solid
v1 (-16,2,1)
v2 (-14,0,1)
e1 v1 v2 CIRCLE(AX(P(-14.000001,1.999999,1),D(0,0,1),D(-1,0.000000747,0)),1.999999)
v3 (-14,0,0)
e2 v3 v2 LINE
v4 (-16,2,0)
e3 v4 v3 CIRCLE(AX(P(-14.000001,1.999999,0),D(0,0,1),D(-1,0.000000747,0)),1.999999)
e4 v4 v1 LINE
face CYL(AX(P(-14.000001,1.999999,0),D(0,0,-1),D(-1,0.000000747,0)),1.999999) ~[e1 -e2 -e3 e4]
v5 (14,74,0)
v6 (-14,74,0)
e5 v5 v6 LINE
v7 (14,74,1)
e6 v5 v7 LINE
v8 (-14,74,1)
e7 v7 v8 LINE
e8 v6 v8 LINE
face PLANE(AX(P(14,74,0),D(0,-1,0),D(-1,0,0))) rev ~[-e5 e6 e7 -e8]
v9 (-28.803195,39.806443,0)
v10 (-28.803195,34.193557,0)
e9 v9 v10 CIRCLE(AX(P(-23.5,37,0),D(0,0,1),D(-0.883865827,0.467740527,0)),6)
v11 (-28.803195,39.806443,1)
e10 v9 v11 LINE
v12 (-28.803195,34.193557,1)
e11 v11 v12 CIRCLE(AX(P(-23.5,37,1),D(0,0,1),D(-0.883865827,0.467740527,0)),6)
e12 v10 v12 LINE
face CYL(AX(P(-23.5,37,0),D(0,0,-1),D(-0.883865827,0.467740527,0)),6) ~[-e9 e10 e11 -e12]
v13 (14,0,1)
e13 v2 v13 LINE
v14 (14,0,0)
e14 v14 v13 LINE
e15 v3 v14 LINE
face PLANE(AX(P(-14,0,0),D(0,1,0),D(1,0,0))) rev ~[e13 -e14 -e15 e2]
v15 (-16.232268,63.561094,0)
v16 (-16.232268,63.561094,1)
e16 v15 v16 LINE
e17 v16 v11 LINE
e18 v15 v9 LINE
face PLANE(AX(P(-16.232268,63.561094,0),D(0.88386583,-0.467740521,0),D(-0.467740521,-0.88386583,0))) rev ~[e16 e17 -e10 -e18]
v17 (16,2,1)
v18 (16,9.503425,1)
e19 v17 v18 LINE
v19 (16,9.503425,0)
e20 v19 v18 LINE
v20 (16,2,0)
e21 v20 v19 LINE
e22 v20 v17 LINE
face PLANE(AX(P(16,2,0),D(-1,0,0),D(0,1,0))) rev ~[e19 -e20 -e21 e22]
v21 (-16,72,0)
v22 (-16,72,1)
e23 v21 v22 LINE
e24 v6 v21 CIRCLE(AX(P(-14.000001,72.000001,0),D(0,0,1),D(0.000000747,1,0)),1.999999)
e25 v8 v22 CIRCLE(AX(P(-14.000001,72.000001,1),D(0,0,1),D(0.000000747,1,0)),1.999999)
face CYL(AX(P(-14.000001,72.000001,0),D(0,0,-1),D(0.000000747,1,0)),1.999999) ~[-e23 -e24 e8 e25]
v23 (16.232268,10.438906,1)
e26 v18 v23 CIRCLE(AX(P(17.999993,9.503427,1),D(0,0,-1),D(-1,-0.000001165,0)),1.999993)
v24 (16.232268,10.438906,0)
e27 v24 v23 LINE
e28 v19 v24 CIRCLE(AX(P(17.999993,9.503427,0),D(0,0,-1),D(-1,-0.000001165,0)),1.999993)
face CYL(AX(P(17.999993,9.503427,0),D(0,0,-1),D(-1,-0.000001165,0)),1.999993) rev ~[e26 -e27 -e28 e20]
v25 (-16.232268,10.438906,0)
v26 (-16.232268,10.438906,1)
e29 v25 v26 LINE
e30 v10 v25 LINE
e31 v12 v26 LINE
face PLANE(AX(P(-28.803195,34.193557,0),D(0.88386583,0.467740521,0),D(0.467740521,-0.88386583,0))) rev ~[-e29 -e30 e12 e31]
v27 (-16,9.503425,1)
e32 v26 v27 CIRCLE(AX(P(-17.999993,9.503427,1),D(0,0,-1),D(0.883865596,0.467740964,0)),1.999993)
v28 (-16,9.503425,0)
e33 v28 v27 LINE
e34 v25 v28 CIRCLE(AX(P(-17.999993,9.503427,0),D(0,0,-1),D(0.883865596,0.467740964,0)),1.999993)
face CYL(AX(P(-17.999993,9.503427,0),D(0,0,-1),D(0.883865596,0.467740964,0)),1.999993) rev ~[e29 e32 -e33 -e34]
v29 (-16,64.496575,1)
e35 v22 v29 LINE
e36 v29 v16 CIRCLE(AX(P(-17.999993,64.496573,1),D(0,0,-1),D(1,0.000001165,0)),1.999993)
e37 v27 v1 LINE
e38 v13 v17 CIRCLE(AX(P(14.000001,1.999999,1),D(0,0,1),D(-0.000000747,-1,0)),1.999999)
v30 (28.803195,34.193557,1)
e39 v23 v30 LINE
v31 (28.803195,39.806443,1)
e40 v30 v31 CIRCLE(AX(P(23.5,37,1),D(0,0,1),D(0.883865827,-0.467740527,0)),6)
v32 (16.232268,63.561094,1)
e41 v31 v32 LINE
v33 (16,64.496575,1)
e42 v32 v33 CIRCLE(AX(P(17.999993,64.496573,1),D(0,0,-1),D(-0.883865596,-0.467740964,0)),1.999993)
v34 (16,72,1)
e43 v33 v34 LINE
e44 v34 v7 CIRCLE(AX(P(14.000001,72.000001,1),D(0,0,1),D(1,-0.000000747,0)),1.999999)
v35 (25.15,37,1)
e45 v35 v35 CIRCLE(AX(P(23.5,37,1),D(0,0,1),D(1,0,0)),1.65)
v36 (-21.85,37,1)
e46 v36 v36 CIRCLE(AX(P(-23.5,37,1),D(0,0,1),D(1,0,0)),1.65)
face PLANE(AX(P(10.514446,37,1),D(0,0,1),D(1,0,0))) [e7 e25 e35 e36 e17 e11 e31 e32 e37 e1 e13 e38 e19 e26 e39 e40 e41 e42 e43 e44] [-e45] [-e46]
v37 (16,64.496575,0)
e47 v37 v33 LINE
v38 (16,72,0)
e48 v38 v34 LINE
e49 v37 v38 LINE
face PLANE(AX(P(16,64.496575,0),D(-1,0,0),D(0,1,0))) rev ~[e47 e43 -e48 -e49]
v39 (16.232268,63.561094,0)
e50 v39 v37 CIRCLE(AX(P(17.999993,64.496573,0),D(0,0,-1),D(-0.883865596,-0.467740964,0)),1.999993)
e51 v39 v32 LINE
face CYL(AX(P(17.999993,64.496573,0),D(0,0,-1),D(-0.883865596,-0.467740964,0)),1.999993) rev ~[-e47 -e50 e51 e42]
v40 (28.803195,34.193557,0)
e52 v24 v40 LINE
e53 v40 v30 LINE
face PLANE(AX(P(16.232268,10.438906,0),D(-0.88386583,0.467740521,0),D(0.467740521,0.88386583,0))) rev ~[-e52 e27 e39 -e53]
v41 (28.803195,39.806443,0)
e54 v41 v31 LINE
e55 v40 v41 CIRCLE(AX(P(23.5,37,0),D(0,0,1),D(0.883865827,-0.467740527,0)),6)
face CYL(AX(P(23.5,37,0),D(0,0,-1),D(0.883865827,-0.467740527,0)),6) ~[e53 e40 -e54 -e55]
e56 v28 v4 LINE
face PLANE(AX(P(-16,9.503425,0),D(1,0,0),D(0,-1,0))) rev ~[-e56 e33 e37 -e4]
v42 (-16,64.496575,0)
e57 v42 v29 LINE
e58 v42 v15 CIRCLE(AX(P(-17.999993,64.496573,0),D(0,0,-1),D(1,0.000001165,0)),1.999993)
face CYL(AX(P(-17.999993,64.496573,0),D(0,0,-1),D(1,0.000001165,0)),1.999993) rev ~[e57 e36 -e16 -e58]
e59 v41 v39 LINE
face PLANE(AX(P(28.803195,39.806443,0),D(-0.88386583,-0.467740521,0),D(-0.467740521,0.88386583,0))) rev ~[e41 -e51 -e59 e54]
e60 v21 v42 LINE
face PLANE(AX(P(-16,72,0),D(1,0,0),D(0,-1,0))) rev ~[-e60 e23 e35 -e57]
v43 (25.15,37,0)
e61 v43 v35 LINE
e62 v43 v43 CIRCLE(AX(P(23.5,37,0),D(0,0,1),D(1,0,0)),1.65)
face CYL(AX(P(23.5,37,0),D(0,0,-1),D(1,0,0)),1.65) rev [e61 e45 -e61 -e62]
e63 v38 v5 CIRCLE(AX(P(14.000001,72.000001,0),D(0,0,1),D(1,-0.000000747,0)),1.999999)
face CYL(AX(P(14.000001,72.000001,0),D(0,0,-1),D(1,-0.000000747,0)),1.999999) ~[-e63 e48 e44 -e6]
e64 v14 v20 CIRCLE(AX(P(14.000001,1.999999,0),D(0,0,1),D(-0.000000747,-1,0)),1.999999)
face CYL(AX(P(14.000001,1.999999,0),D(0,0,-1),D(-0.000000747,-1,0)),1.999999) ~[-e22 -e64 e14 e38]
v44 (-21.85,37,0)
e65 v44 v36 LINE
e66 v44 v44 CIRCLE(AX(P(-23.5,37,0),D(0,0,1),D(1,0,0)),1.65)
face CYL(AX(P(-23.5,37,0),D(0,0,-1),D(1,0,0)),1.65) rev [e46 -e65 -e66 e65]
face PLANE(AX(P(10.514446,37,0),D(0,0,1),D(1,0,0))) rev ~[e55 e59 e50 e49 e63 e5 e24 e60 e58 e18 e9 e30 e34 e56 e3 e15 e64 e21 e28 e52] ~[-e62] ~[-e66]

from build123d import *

# Parameters (mm, degrees)
F0_R     = 1.65
F1_DEPTH = 1


with BuildPart() as f1:
    # F0 (on Top) → F1 (new body)
    with BuildSketch(Plane.XY):
        with BuildLine():
            Line((0, 74), (0, 0))
            Line((0, 0), (14, 0))
            ThreePointArc((14, 0), (15.414214, 0.585786), (16, 2))
            Line((16, 2), (16, 9.503425))
            ThreePointArc((16, 9.503425), (16.058935, 9.985367), (16.232268, 10.438906))
            Line((16.232268, 10.438906), (28.803195, 34.193557))
            ThreePointArc((28.803195, 34.193557), (29.5, 37), (28.803195, 39.806443))
            Line((28.803195, 39.806443), (16.232268, 63.561094))
            ThreePointArc((16.232268, 63.561094), (16.058935, 64.014633), (16, 64.496575))
            Line((16, 64.496575), (16, 72))
            ThreePointArc((16, 72), (15.414214, 73.414214), (14, 74))
            Line((14, 74), (0, 74))
        make_face()
        with Locations((23.5, 37)):
            Circle(F0_R, mode=Mode.SUBTRACT)
        with BuildLine():
            Line((-14, 0), (0, 0))
            Line((0, 0), (0, 74))
            Line((0, 74), (-14, 74))
            ThreePointArc((-14, 74), (-15.414214, 73.414214), (-16, 72))
            Line((-16, 72), (-16, 64.496575))
            ThreePointArc((-16, 64.496575), (-16.058935, 64.014633), (-16.232268, 63.561094))
            Line((-16.232268, 63.561094), (-28.803195, 39.806443))
            ThreePointArc((-28.803195, 39.806443), (-29.5, 37), (-28.803195, 34.193557))
            Line((-28.803195, 34.193557), (-16.232268, 10.438906))
            ThreePointArc((-16.232268, 10.438906), (-16.058935, 9.985367), (-16, 9.503425))
            Line((-16, 9.503425), (-16, 2))
            ThreePointArc((-16, 2), (-15.414214, 0.585786), (-14, 0))
        make_face()
        with Locations((-23.5, 37)):
            Circle(F0_R, mode=Mode.SUBTRACT)
    extrude(amount=F1_DEPTH)


solid = f1.part
